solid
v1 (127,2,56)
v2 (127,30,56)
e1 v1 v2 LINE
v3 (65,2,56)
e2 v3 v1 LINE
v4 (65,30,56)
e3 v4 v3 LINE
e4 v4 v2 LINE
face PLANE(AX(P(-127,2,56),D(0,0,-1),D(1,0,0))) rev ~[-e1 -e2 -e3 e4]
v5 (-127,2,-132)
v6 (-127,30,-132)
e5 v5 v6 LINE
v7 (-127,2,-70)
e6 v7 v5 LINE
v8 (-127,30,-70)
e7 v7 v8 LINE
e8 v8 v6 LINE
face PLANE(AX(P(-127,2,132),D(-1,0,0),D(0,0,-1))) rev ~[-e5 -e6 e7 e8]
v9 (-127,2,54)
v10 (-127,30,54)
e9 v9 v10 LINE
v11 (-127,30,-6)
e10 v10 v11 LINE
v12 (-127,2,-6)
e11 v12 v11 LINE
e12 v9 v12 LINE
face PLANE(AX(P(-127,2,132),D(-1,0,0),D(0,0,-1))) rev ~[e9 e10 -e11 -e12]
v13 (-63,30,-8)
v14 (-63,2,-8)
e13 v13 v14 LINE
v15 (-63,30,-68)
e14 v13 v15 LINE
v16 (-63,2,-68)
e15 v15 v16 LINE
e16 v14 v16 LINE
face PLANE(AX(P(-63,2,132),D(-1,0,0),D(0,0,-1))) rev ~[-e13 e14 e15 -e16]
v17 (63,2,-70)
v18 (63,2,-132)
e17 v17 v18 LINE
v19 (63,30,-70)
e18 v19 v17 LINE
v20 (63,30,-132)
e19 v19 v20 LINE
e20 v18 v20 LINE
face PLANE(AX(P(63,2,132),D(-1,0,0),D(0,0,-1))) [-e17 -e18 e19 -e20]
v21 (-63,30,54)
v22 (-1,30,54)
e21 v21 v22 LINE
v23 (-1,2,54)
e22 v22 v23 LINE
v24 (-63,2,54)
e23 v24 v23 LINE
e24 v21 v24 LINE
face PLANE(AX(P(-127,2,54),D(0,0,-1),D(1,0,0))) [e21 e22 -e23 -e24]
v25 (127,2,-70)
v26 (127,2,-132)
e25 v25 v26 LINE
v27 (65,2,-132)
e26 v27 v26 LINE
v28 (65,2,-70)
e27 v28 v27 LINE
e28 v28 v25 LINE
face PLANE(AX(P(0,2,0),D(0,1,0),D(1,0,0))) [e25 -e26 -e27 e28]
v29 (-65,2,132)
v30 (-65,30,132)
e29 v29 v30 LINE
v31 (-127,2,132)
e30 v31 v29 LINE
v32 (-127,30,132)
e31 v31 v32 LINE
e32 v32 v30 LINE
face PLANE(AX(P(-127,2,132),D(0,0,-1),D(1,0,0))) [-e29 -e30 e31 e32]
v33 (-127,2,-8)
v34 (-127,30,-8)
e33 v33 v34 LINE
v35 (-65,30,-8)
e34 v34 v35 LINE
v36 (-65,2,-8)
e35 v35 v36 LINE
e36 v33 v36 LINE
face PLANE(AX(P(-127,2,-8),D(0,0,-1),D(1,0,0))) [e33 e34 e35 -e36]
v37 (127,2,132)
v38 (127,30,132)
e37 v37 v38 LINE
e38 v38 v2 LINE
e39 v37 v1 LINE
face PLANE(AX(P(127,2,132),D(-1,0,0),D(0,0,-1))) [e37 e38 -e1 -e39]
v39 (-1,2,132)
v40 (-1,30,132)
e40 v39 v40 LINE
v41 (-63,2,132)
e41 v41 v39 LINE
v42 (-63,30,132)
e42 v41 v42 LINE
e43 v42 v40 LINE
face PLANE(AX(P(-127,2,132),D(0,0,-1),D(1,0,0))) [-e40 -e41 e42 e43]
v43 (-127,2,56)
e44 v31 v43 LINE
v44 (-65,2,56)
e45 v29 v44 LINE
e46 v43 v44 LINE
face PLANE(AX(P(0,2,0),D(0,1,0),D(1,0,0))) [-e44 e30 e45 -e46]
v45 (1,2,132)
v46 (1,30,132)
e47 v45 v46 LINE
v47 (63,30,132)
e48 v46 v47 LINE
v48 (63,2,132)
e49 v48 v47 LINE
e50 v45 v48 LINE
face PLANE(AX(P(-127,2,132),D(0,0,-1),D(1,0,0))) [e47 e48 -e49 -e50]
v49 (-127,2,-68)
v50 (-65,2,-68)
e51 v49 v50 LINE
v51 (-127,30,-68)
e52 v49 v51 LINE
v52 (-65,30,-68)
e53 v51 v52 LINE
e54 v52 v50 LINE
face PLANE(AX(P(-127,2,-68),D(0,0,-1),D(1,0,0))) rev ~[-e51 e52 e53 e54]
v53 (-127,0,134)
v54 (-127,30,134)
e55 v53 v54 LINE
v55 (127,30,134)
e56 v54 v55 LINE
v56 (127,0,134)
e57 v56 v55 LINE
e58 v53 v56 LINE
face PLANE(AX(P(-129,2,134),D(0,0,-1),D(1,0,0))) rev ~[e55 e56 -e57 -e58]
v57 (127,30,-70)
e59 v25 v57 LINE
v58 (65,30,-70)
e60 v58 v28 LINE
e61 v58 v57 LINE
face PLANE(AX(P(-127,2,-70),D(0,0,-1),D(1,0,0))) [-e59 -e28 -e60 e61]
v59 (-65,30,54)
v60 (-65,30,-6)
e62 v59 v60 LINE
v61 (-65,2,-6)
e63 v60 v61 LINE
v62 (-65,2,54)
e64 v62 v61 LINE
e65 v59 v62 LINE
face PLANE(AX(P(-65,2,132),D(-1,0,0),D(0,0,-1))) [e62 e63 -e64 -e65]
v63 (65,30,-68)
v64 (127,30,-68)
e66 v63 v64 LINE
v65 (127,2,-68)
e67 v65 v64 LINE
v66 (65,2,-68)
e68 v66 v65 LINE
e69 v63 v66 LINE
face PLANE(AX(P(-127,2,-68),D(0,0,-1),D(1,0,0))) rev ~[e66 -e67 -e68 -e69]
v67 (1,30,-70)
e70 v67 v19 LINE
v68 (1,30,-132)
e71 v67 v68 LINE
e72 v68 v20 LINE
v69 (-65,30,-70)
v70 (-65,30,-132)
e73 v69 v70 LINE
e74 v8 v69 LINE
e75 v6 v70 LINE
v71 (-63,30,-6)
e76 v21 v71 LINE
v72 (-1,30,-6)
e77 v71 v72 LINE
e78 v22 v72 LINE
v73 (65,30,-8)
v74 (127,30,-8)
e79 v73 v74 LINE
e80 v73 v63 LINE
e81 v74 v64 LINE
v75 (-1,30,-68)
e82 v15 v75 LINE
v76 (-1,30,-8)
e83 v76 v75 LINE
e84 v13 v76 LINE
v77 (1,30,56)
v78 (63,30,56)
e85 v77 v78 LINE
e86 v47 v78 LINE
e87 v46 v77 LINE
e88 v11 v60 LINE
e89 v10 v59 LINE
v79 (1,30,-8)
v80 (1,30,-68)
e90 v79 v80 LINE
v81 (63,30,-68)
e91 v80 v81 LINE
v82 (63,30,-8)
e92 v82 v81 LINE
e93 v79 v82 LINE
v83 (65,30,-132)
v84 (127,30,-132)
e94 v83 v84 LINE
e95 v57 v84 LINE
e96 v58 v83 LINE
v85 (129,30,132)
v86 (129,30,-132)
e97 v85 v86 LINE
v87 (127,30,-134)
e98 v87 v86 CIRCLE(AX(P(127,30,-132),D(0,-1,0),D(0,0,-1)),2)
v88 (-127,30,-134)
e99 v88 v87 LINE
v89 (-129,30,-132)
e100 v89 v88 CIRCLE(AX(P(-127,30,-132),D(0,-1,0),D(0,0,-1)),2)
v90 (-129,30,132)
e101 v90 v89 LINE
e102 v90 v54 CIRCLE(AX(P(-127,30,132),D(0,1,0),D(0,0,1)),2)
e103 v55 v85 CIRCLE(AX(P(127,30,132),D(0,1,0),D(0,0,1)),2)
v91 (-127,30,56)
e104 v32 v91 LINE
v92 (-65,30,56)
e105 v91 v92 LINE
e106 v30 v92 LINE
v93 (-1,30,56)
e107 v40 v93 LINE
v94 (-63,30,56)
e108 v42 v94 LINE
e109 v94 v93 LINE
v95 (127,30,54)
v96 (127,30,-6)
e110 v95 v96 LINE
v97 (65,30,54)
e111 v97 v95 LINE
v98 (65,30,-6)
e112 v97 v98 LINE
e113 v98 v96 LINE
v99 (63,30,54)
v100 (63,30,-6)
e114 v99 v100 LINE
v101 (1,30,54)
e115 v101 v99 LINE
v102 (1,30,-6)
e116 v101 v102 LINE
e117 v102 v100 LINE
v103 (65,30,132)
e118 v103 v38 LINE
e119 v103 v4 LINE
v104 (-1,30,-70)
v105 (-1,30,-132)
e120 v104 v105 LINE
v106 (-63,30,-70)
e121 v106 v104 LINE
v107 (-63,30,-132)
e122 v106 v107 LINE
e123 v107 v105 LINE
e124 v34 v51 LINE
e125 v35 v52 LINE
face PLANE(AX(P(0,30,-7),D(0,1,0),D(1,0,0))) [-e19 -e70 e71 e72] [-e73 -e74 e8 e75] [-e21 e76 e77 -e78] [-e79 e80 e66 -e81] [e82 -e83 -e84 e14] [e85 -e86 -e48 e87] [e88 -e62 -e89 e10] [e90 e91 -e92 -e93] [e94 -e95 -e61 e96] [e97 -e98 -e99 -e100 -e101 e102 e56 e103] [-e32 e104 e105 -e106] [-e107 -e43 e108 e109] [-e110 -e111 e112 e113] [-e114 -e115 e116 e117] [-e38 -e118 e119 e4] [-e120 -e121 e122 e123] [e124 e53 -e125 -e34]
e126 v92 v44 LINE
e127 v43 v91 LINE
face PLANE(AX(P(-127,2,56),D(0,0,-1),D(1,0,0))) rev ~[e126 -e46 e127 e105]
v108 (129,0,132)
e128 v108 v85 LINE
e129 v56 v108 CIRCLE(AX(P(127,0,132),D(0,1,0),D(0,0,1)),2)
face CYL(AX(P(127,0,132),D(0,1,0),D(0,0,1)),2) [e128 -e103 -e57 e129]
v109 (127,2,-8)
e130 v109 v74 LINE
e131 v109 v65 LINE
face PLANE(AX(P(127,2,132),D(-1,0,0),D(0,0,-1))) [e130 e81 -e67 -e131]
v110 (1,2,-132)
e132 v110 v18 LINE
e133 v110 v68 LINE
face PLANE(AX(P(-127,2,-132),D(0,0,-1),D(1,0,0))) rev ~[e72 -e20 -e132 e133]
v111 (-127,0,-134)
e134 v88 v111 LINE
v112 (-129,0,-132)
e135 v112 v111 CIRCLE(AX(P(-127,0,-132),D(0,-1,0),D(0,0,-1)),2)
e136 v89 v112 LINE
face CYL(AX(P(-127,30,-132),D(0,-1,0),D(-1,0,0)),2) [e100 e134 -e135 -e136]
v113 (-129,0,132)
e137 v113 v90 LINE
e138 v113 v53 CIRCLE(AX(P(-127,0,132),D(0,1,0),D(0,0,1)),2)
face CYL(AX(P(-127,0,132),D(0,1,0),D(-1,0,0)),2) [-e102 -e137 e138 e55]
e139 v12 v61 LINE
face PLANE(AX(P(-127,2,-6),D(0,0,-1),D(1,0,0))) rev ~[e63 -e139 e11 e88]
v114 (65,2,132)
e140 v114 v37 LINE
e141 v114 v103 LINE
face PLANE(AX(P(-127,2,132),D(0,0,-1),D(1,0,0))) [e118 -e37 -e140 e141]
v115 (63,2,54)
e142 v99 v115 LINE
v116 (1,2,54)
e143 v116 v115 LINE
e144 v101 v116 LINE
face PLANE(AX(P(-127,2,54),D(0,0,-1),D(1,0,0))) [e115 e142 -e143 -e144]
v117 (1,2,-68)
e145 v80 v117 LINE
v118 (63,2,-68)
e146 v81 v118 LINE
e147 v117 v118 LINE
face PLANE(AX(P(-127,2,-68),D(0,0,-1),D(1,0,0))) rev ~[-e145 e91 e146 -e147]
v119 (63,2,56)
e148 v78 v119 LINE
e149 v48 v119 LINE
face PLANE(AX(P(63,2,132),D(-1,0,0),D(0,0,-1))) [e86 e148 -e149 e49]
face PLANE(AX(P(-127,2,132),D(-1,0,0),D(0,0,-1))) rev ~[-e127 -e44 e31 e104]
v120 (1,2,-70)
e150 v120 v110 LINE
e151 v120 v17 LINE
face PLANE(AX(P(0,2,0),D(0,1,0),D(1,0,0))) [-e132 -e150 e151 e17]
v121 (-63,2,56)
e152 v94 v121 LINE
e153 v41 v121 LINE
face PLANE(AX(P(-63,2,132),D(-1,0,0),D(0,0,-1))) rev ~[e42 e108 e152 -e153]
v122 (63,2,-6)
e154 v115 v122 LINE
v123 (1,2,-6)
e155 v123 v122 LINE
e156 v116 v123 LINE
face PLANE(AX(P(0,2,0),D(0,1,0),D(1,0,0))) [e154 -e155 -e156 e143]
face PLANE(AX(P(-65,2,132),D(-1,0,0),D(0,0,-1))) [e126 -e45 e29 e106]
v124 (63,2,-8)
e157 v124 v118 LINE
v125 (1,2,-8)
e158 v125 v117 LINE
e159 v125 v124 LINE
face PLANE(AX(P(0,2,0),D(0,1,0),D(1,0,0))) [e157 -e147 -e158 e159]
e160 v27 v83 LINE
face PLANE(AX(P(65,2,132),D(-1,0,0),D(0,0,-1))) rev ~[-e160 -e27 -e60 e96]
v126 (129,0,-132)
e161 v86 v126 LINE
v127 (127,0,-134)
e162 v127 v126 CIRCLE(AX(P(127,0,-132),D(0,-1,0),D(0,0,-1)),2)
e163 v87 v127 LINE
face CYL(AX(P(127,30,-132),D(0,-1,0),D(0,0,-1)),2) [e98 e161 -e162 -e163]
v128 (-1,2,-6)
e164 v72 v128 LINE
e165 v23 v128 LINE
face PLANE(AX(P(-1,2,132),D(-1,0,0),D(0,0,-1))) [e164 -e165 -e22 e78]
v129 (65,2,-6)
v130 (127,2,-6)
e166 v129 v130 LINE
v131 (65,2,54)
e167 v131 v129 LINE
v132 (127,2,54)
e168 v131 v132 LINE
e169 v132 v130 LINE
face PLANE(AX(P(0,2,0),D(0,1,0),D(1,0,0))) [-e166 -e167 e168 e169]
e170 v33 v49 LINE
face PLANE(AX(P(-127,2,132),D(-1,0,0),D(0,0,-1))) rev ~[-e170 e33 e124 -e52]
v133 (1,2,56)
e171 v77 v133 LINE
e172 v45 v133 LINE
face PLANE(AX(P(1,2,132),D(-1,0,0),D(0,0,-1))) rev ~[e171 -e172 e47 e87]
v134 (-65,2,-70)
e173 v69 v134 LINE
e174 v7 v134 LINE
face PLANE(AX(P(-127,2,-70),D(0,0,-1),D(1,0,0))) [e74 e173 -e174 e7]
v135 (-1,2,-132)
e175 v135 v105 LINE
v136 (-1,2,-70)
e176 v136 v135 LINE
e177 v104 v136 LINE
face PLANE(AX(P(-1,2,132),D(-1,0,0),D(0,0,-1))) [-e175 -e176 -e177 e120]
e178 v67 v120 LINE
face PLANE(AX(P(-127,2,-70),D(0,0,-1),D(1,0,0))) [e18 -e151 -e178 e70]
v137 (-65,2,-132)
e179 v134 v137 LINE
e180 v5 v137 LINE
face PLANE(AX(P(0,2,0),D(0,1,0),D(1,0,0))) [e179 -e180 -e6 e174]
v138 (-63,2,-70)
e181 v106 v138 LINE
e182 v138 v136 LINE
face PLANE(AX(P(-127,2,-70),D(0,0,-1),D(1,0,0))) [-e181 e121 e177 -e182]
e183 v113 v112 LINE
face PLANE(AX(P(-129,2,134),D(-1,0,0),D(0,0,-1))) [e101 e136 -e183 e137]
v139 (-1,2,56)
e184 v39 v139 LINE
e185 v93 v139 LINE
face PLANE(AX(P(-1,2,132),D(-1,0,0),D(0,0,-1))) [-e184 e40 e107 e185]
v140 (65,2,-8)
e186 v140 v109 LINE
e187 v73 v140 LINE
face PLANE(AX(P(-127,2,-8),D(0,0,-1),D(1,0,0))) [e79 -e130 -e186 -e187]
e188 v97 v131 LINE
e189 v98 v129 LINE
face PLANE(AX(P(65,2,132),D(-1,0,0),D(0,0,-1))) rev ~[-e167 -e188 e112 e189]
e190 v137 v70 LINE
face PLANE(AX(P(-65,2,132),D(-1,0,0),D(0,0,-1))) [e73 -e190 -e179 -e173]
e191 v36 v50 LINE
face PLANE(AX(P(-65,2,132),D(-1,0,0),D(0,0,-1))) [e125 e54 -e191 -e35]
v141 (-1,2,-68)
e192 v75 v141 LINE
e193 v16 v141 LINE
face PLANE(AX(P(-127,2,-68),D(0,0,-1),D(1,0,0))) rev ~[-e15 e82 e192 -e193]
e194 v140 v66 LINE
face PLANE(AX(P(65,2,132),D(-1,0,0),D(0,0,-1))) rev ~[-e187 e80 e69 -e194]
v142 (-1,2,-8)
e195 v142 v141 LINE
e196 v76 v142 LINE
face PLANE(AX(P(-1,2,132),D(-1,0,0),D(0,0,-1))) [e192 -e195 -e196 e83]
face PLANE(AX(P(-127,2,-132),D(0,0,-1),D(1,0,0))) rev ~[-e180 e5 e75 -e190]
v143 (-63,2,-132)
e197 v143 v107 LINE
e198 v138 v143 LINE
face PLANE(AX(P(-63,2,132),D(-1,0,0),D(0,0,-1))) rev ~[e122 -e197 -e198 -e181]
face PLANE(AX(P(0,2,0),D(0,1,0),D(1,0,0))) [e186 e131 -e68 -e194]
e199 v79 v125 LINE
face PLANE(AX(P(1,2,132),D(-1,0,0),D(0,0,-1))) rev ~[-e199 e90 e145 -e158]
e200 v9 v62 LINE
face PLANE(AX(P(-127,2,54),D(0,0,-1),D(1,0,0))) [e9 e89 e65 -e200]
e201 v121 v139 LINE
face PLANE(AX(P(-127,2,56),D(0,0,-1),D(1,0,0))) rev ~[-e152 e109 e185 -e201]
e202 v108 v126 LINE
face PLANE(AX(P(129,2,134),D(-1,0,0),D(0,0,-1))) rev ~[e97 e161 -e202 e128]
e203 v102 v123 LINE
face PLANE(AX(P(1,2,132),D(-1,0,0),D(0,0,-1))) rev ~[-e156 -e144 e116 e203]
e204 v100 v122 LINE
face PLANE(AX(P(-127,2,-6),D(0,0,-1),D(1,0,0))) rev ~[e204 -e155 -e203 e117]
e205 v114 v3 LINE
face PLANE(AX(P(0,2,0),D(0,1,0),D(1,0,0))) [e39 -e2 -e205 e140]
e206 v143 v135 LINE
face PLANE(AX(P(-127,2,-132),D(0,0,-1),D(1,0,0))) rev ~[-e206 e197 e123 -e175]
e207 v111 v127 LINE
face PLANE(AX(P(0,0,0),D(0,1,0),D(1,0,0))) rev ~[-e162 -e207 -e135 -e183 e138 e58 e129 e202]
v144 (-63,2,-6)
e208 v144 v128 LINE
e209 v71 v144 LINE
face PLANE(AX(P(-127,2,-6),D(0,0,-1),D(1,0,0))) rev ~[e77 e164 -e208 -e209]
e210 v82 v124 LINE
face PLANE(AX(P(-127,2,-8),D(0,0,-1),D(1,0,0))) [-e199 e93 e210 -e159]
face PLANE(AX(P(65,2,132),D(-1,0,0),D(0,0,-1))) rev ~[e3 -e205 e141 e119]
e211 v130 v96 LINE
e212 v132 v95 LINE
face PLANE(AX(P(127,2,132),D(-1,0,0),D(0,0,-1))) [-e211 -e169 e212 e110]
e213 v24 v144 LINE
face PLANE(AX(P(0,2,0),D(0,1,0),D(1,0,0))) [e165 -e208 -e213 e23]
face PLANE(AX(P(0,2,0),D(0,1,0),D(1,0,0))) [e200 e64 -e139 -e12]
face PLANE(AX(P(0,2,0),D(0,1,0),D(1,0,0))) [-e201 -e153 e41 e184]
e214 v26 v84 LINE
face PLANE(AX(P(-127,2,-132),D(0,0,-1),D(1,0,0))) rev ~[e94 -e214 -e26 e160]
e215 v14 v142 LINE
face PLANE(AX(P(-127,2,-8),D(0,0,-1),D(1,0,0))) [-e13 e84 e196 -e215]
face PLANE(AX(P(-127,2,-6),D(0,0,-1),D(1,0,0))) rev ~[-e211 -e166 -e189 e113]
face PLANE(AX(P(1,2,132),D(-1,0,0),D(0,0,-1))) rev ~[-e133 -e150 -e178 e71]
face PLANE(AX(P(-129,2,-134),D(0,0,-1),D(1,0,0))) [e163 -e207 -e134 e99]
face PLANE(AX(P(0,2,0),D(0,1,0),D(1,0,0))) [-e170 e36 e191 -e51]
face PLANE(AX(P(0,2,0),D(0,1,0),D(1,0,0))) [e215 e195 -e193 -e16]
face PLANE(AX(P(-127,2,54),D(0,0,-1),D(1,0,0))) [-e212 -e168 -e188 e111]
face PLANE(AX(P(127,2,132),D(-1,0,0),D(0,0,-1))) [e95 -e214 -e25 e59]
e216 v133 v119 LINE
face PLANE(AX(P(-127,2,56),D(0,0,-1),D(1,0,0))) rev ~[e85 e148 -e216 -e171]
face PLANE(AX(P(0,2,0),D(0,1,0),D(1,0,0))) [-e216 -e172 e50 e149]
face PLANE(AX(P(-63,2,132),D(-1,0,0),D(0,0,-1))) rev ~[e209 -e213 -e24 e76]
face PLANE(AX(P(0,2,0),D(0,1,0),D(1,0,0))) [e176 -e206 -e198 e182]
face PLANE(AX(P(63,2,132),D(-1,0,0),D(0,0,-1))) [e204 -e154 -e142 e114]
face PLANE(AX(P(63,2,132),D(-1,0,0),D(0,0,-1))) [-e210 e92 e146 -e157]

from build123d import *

# Parameters (mm, degrees)
SKETCH_1_W             = 258
SKETCH_1_H             = 268
EXTRUDE_1_DEPTH        = 2
SKETCH_2_W             = 258
SKETCH_2_H             = 268
SKETCH_2_W_2           = 254
SKETCH_2_H_2           = 264
EXTRUDE_2_DEPTH        = 28
SKETCH_3_W             = 2
SKETCH_3_H             = 264
EXTRUDE_3_DEPTH        = 28
PATTERN_LINEAR_1_COUNT = 3
PATTERN_LINEAR_1_PITCH = 64
SKETCH_4_W             = 254
SKETCH_4_H             = 2
EXTRUDE_5_DEPTH        = 28
PATTERN_LINEAR_2_COUNT = 3
PATTERN_LINEAR_2_PITCH = 62
FILLET_1_R             = 2


with BuildPart() as part:
    # 草图1 → 凸台-拉伸1 (new body)
    with BuildSketch(Plane(origin=(0, 0, 0), x_dir=(1, 0, 0), z_dir=(0, 1, 0))):
        Rectangle(SKETCH_1_W, SKETCH_1_H)
    extrude(amount=EXTRUDE_1_DEPTH)

    # 草图2 → 凸台-拉伸2 (add)
    with BuildSketch(Plane(origin=(0, 2, 0), x_dir=(1, 0, 0), z_dir=(0, 1, 0))):
        Rectangle(SKETCH_2_W, SKETCH_2_H)
        Rectangle(SKETCH_2_W_2, SKETCH_2_H_2, mode=Mode.SUBTRACT)
    extrude(amount=EXTRUDE_2_DEPTH)

    # 草图3 → 凸台-拉伸3 (add)
    with BuildSketch(Plane(origin=(0, 2, 0), x_dir=(1, 0, 0), z_dir=(0, 1, 0))):
        with Locations((-64, 0)):
            Rectangle(SKETCH_3_W, SKETCH_3_H)
    extrude_3 = extrude(amount=EXTRUDE_3_DEPTH)

    # 阵列(线性)1: 凸台-拉伸3 ×3
    with Locations(*[(i * PATTERN_LINEAR_1_PITCH, 0, 0) for i in range(1, PATTERN_LINEAR_1_COUNT)]):
        add(extrude_3)

    # 草图4 → 凸台-拉伸5 (add)
    with BuildSketch(Plane(origin=(0, 2, 0), x_dir=(1, 0, 0), z_dir=(0, 1, 0))):
        with Locations((0, 69)):
            Rectangle(SKETCH_4_W, SKETCH_4_H)
    extrude_5 = extrude(amount=EXTRUDE_5_DEPTH)

    # 阵列(线性)2: 凸台-拉伸5 ×3
    with Locations(*[(0, 0, i * PATTERN_LINEAR_2_PITCH) for i in range(1, PATTERN_LINEAR_2_COUNT)]):
        add(extrude_5)

    # 圆角1
    fillet_1_edges = [part.edges().sort_by_distance(p)[0] for p in [
        (-129, 15, -134),
        (129, 15, -134),
        (129, 15, 134),
        (-129, 15, 134),
    ]]
    fillet(fillet_1_edges, radius=FILLET_1_R)


solid = part.part
